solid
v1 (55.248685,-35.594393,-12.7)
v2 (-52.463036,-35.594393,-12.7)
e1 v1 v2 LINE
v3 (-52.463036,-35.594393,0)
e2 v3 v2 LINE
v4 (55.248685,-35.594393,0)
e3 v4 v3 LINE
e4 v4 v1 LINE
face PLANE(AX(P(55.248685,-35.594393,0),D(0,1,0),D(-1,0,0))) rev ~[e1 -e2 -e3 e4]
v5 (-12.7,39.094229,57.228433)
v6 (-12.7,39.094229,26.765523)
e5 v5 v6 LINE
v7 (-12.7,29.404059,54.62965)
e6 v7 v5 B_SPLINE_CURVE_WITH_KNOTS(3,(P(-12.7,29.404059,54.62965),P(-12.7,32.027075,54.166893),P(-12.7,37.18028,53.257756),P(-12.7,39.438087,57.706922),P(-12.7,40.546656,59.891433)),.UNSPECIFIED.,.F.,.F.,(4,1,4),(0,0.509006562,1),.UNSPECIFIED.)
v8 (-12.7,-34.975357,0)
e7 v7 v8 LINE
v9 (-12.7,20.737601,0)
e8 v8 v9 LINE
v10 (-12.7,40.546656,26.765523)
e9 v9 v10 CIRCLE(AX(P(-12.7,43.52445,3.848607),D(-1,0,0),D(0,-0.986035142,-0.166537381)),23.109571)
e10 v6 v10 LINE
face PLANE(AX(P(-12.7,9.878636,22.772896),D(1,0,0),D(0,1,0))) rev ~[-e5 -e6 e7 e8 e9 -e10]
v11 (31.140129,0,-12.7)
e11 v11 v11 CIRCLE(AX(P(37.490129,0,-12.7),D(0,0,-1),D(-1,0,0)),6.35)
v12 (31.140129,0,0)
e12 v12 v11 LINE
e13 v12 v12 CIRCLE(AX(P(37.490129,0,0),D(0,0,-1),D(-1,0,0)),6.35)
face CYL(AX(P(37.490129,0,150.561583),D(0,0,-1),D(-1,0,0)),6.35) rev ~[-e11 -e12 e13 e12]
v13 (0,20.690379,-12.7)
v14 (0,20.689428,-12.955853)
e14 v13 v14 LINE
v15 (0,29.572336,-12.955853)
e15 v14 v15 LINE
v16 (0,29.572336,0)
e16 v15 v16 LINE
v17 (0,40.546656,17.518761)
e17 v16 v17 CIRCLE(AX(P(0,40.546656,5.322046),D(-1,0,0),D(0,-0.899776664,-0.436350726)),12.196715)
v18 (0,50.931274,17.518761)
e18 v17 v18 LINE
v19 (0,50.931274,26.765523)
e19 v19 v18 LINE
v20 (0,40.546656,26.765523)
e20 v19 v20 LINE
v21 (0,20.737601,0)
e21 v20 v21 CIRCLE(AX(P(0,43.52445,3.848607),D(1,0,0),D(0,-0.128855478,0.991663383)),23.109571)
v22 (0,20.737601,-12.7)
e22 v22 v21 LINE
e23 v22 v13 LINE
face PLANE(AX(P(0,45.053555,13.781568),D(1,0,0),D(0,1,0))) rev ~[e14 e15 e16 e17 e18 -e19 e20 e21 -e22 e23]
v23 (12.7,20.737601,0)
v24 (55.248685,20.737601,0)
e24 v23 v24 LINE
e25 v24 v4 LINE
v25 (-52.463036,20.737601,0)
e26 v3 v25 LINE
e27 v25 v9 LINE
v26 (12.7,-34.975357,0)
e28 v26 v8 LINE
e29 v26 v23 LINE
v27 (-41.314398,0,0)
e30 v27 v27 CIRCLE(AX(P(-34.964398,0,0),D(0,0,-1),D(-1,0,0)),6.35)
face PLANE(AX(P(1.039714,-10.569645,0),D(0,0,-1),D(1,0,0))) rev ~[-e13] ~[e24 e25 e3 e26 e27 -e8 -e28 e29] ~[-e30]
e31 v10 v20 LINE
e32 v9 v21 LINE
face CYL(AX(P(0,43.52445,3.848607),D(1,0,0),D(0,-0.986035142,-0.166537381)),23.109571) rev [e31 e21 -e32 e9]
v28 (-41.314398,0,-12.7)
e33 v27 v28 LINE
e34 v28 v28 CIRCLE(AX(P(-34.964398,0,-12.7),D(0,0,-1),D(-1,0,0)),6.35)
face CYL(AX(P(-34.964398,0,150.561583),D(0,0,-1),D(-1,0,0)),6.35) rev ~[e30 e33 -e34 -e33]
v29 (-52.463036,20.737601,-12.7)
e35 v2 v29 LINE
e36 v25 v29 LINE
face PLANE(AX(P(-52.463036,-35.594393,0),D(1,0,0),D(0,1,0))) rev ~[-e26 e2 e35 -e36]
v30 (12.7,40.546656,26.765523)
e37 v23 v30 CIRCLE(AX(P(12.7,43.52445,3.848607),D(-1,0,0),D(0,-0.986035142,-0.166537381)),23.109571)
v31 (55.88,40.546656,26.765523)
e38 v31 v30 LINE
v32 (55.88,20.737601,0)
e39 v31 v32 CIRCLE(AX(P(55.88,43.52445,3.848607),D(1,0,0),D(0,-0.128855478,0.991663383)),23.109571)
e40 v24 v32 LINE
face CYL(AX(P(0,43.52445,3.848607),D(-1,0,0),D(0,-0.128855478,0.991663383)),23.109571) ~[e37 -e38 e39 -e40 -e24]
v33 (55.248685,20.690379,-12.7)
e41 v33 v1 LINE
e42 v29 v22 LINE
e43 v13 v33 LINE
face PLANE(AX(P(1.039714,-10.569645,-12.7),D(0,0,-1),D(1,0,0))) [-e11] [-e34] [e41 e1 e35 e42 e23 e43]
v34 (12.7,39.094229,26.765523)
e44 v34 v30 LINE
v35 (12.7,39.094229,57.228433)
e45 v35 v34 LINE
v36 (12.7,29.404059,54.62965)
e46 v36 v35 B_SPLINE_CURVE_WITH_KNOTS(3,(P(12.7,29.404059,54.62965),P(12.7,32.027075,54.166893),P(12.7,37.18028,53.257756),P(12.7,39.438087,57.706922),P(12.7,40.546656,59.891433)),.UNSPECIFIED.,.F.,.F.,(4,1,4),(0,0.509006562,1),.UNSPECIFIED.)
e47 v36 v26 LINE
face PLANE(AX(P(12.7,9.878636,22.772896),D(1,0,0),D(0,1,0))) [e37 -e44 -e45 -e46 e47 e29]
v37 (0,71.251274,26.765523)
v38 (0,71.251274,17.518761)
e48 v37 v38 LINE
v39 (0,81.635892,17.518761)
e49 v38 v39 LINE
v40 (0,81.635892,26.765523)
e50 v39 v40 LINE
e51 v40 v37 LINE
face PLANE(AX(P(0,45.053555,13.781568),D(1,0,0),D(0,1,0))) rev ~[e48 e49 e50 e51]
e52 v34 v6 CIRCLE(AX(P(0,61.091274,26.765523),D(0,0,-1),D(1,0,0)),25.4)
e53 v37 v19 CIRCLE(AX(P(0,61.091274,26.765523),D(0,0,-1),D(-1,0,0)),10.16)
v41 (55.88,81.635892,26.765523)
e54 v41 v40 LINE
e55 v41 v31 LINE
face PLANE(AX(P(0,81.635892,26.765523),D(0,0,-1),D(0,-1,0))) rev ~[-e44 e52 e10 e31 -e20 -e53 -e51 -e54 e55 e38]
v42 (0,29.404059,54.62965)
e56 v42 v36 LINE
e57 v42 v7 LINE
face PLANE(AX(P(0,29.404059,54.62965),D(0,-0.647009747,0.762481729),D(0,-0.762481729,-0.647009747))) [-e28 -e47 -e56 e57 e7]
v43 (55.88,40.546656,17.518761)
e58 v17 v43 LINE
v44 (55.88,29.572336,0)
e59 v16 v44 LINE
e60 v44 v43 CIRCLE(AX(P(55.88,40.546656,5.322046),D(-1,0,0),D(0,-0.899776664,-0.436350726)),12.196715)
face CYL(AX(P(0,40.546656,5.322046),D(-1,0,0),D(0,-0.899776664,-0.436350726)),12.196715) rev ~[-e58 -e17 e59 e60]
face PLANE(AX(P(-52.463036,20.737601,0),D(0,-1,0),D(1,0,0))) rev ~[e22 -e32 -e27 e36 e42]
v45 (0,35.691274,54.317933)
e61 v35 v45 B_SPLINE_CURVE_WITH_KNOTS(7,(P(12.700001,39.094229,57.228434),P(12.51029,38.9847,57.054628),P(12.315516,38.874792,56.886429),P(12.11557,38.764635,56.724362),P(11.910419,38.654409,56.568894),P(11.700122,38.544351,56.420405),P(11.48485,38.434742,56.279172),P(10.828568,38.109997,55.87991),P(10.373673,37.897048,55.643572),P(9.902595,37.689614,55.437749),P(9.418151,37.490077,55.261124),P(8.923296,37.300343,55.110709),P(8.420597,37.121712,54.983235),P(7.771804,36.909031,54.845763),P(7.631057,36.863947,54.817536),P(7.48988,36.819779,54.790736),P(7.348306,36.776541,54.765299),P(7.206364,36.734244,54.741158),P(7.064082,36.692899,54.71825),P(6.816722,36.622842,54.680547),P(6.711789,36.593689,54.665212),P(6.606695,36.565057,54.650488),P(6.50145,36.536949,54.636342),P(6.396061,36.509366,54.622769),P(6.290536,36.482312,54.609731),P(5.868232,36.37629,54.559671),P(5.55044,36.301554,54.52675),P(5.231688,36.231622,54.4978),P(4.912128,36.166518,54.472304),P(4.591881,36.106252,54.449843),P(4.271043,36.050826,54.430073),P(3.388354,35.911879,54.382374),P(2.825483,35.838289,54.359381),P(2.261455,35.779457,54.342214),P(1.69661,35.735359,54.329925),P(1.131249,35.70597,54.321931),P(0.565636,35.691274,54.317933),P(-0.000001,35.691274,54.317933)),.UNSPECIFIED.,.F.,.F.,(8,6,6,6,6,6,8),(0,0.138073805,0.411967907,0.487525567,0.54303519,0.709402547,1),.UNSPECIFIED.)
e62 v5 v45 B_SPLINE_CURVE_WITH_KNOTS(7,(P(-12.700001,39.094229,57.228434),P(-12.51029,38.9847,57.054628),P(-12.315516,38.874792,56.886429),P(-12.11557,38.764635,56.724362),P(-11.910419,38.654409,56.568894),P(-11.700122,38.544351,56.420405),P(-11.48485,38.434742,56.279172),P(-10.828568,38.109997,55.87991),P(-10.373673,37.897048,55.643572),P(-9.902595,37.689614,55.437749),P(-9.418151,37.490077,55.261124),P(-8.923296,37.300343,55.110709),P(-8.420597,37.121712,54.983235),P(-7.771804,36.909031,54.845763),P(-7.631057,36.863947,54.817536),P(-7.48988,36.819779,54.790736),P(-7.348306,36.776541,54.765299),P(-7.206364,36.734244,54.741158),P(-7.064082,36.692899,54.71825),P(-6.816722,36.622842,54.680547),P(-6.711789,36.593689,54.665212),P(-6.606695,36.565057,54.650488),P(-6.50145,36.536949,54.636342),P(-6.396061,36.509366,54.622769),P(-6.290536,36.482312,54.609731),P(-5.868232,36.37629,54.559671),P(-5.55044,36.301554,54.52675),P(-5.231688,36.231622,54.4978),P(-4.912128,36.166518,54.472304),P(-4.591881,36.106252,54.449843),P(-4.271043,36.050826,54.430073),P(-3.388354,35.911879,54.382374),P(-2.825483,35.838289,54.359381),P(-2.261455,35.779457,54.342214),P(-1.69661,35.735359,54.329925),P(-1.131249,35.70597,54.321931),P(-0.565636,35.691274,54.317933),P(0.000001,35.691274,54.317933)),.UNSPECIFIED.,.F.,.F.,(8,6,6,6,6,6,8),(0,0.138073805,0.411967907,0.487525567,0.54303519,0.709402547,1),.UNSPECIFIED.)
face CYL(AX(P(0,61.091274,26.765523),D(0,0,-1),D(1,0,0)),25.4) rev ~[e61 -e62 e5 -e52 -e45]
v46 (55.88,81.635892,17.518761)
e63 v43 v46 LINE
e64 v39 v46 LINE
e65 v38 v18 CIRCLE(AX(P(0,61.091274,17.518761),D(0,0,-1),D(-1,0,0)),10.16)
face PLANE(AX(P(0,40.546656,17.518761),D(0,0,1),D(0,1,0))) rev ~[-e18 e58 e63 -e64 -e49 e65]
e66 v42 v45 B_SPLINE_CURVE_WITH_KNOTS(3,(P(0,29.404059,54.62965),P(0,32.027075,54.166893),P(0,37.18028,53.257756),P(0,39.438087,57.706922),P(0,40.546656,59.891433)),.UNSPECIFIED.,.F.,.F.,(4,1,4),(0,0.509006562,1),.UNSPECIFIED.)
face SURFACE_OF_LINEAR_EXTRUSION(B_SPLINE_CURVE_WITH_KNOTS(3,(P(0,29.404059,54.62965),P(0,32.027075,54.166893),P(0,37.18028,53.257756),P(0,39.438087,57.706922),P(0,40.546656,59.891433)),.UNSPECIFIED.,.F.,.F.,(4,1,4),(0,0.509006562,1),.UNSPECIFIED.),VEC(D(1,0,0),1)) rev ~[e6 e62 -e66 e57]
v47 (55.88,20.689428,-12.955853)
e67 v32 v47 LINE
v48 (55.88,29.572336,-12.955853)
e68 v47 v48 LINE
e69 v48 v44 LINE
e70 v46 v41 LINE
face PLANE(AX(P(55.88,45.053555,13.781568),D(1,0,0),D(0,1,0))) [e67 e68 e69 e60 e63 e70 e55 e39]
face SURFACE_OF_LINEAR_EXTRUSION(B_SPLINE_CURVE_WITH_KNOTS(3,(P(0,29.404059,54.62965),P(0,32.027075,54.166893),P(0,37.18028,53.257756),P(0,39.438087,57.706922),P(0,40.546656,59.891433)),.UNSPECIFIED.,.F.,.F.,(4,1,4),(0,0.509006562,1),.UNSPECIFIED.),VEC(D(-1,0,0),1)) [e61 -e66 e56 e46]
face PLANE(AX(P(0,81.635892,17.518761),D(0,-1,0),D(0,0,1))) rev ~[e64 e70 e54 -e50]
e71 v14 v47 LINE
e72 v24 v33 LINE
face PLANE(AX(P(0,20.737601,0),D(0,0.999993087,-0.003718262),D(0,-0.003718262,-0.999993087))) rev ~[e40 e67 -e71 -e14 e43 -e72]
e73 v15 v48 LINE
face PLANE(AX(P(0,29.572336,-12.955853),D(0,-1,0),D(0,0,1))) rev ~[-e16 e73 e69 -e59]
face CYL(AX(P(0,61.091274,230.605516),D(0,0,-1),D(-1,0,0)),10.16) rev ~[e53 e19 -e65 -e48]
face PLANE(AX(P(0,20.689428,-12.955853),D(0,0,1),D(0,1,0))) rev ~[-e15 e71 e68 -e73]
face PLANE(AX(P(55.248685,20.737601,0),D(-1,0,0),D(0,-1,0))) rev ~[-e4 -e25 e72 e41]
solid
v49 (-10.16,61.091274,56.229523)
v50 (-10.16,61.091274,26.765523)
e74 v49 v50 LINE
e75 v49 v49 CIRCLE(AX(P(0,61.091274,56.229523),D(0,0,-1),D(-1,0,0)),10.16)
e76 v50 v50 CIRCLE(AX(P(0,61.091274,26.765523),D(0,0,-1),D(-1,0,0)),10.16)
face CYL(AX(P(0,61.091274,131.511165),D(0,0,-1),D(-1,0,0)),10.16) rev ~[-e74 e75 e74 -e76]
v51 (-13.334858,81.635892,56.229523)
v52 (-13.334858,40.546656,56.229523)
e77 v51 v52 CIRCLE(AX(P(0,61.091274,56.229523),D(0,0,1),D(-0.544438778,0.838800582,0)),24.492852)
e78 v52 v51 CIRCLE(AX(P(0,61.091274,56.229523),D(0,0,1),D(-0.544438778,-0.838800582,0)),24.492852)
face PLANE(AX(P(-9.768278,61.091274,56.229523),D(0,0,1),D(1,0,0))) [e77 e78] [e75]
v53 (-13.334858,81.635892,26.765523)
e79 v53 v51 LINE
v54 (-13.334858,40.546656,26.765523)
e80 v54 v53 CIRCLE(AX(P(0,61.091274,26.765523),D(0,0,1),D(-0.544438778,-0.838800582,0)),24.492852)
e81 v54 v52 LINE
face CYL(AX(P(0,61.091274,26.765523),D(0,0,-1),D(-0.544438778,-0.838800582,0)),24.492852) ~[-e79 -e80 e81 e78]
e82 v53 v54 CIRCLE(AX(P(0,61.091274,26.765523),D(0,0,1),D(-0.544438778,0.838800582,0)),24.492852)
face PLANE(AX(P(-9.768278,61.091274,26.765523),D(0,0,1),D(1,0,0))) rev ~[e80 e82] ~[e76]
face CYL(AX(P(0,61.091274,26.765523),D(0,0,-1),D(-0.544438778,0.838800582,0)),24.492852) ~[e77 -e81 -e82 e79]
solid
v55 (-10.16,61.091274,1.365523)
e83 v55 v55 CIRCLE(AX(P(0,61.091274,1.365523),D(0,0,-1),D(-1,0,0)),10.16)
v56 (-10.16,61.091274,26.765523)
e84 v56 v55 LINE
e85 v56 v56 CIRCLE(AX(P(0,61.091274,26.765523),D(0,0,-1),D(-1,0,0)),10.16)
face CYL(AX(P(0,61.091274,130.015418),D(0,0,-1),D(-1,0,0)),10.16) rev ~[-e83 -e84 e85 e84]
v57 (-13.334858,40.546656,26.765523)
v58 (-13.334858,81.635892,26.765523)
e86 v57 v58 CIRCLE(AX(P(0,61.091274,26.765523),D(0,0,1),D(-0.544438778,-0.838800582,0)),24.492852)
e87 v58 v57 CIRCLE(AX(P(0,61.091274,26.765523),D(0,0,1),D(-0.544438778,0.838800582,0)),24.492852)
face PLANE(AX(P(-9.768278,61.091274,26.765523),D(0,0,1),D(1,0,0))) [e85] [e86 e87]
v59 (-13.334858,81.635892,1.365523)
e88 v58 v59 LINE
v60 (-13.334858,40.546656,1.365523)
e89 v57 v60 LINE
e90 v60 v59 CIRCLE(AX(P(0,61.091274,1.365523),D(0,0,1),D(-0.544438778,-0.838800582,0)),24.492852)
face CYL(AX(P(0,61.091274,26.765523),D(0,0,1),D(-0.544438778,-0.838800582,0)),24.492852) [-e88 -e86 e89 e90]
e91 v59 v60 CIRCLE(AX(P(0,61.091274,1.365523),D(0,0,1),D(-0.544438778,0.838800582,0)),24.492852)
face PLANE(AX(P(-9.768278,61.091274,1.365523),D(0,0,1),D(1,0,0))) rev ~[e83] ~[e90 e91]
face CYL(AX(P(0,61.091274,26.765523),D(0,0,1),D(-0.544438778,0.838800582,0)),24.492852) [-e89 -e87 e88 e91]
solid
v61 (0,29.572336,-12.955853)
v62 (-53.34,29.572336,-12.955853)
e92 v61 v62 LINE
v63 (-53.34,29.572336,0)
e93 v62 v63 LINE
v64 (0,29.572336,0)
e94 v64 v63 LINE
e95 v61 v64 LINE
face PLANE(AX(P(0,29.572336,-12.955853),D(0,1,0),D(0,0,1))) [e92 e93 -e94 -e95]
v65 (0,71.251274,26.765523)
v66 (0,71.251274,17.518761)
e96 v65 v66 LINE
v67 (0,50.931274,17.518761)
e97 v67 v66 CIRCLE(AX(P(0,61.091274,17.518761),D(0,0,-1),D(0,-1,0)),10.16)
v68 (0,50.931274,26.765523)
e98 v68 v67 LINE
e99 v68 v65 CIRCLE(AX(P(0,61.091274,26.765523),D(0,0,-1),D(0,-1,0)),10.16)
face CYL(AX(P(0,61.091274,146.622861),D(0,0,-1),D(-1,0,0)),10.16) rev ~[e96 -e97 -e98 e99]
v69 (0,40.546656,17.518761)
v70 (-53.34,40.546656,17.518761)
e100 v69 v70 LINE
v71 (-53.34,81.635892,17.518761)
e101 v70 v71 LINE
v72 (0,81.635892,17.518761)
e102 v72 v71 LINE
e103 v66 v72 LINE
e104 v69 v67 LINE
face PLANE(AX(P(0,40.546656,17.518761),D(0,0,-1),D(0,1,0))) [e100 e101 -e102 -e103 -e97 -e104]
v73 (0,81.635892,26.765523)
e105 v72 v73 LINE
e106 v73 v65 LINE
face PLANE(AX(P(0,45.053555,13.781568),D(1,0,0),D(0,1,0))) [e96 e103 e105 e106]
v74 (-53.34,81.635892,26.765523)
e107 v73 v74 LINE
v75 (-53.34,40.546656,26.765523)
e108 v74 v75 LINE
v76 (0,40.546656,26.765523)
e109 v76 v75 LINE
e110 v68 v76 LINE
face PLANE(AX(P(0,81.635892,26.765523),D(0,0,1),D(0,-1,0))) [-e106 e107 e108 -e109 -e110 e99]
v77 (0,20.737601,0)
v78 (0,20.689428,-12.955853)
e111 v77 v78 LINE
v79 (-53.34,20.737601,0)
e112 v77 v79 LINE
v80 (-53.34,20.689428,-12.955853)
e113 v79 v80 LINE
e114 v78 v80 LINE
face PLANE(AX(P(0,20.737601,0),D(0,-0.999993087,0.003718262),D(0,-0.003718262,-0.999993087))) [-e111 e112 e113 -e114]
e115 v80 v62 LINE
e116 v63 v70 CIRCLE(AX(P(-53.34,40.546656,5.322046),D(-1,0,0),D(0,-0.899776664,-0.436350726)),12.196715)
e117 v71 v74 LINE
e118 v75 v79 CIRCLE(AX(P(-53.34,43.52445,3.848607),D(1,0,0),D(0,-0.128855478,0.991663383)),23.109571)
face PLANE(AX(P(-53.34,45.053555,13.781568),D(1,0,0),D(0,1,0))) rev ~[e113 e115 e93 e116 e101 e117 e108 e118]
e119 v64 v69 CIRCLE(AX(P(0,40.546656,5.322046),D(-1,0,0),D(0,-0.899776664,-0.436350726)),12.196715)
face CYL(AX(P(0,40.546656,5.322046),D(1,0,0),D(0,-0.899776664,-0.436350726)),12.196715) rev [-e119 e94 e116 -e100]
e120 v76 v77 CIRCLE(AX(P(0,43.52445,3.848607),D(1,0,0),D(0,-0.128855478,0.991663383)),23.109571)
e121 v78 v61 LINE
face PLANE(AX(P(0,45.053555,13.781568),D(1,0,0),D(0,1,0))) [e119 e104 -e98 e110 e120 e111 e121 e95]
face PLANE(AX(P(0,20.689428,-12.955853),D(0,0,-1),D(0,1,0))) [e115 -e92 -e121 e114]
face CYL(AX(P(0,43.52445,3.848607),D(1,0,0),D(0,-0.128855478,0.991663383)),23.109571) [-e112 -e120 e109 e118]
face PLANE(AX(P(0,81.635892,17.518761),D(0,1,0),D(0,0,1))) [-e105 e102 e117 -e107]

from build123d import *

# Parameters (mm, degrees)
F1_DEPTH  = 12.7
F2_DEPTH  = 12.7
F3_W      = 25.4
F3_H      = 55.7129587978
F4_DEPTH  = 12.7
F6_D      = 12.7
F7_DEPTH  = 55.88
F8_DEPTH  = 53.34
F10_D     = 50.8
F10_DEPTH = 33.1269099427
F12_DEPTH = 29.464
F13_DEPTH = 25.4
F15_D     = 20.32
F15_2_D   = 20.32
F15_3_D   = 20.32
F15_4_D   = 20.32


with BuildPart() as f1:
    # F0 (on Right) → F1 (new body)
    with BuildSketch(Plane.YZ):
        with BuildLine():
            Line((-34.9753573537, 0), (20.7376014441, 0))
            ThreePointArc((20.7376014441, 0), (24.9488611287, 17.5963253467), (40.5466556549, 26.765522681))
            Line((40.5466556549, 26.765522681), (40.5466556549, 44.106092304))
            Line((40.5466556549, 44.106092304), (40.5466556549, 59.8914325237))
            add(Edge.make_bspline(
                [(29.4040590525, 54.629649967), (32.0270746005, 54.16689326), (37.1802803584, 53.2577562445), (39.4380872753, 57.7069215539), (40.5466556549, 59.8914325237)],
                knots=[0, 0, 0, 0, 0.5090065624, 1, 1, 1, 1], degree=3))
            Line((29.4040590525, 54.629649967), (-34.9753573537, 0))
        make_face()
    extrude(amount=F1_DEPTH)

    # F2 (add): a face of the model
    f2_faces = [f1.faces().sort_by_distance(p)[0] for p in [
        (0, 11.2568434732, 22.7028635071),
    ]]
    extrude(f2_faces, amount=F2_DEPTH)

    # F3 (on face) → F4 (join)
    with BuildSketch(Plane(origin=(0, 0, 0), x_dir=(1, 0, 0), z_dir=(0, 0, -1))):
        Polygon((-52.4630360305, 35.5943925679), (-52.4630360305, -20.7376014441), (-12.7, -20.7376014441), (-12.7, 34.9753573537), (12.7, 34.9753573537), (12.7, -20.7376014441), (55.2486851811, -20.7376014441), (55.2486851811, 35.5943925679), align=None)
        with Locations((0, 7.1188779548)):
            Rectangle(F3_W, F3_H)
    extrude(amount=F4_DEPTH)

    # F6 (through all)
    with Locations(Plane.XY):
        with Locations((-34.9643975496, 0), (37.4901294708, 0)):
            Hole(F6_D / 2)

    # F0 (on Right) → F7 (join)
    with BuildSketch(Plane.YZ):
        with BuildLine():
            ThreePointArc((40.5466556549, 26.765522681), (24.9488611287, 17.5963253467), (20.7376014441, 0))
            Line((20.7376014441, 0), (20.6894278526, -12.9558527842))
            Line((20.6894278526, -12.9558527842), (29.5723360032, -12.9558527842))
            Line((29.5723360032, -12.9558527842), (29.5723360032, 0))
            ThreePointArc((29.5723360032, 0), (30.2105216332, 11.7969349668), (40.5466556549, 17.5187606364))
            Line((40.5466556549, 17.5187606364), (81.6358923912, 17.5187606364))
            Line((81.6358923912, 17.5187606364), (81.6358923912, 26.765522681))
            Line((81.6358923912, 26.765522681), (40.5466556549, 26.765522681))
        make_face()
    extrude(amount=F7_DEPTH)

    # F10 (through all, one way)
    with BuildSketch(Plane(origin=(0, 0, 26.765522681), x_dir=(1, 0, 0), z_dir=(0, 0, -1))):
        with Locations((0, -61.0912740231)):
            Circle(F10_D / 2)
    extrude(amount=-F10_DEPTH, mode=Mode.SUBTRACT)

    # F15 (through all)
    with Locations(Plane.XY.offset(56.229522681)):
        with Locations((0, 61.0912740231)):
            Hole(F15_D / 2)


with BuildPart() as f8:
    # F0 (on Right) → F8 (new body)
    with BuildSketch(Plane.YZ):
        with BuildLine():
            ThreePointArc((40.5466556549, 26.765522681), (24.9488611287, 17.5963253467), (20.7376014441, 0))
            Line((20.7376014441, 0), (20.6894278526, -12.9558527842))
            Line((20.6894278526, -12.9558527842), (29.5723360032, -12.9558527842))
            Line((29.5723360032, -12.9558527842), (29.5723360032, 0))
            ThreePointArc((29.5723360032, 0), (30.2105216332, 11.7969349668), (40.5466556549, 17.5187606364))
            Line((40.5466556549, 17.5187606364), (81.6358923912, 17.5187606364))
            Line((81.6358923912, 17.5187606364), (81.6358923912, 26.765522681))
            Line((81.6358923912, 26.765522681), (40.5466556549, 26.765522681))
        make_face()
    extrude(amount=-F8_DEPTH)

    # F15#2 (through all)
    with Locations(Plane.XY.offset(56.229522681)):
        with Locations((0, 61.0912740231)):
            Hole(F15_2_D / 2)


with BuildPart() as f12:
    # F11 (on face) → F12 (new body)
    with BuildSketch(Plane.XY.offset(26.765522681)):
        with BuildLine():
            Line((0, 81.6358923912), (-13.3348583138, 81.6358923912))
            ThreePointArc((-13.3348583138, 81.6358923912), (-24.4928518173, 61.0912740231), (-13.3348583138, 40.5466556549))
            Line((-13.3348583138, 40.5466556549), (0, 40.5466556549))
            Line((0, 40.5466556549), (0, 81.6358923912))
        make_face()
        with BuildLine():
            ThreePointArc((-13.3348583138, 40.5466556549), (11.6895483544, 39.5679320564), (24.4928518173, 61.0912740231))
            ThreePointArc((24.4928518173, 61.0912740231), (11.6895483544, 82.6146159897), (-13.3348583138, 81.6358923912))
            Line((-13.3348583138, 81.6358923912), (0, 81.6358923912))
            Line((0, 81.6358923912), (0, 40.5466556549))
            Line((0, 40.5466556549), (-13.3348583138, 40.5466556549))
        make_face()
    extrude(amount=F12_DEPTH)


with BuildPart() as f13:
    # F13 (new): a face of the model
    f13_faces = [f12.part.faces().sort_by_distance(p)[0] for p in [
        (0, 61.0912740231, 26.765522681),
    ]]
    extrude(f13_faces, amount=F13_DEPTH)

    # F15#4 (through all)
    with Locations(Plane.XY.offset(56.229522681)):
        with Locations((0, 61.0912740231)):
            Hole(F15_4_D / 2)


with BuildPart() as f12_1:
    add(f12.part)

    # F15#3 (through all)
    with Locations(Plane.XY.offset(56.229522681)):
        with Locations((0, 61.0912740231)):
            Hole(F15_3_D / 2)


solid = Compound([f1.part, f8.part, f13.part, f12_1.part])
